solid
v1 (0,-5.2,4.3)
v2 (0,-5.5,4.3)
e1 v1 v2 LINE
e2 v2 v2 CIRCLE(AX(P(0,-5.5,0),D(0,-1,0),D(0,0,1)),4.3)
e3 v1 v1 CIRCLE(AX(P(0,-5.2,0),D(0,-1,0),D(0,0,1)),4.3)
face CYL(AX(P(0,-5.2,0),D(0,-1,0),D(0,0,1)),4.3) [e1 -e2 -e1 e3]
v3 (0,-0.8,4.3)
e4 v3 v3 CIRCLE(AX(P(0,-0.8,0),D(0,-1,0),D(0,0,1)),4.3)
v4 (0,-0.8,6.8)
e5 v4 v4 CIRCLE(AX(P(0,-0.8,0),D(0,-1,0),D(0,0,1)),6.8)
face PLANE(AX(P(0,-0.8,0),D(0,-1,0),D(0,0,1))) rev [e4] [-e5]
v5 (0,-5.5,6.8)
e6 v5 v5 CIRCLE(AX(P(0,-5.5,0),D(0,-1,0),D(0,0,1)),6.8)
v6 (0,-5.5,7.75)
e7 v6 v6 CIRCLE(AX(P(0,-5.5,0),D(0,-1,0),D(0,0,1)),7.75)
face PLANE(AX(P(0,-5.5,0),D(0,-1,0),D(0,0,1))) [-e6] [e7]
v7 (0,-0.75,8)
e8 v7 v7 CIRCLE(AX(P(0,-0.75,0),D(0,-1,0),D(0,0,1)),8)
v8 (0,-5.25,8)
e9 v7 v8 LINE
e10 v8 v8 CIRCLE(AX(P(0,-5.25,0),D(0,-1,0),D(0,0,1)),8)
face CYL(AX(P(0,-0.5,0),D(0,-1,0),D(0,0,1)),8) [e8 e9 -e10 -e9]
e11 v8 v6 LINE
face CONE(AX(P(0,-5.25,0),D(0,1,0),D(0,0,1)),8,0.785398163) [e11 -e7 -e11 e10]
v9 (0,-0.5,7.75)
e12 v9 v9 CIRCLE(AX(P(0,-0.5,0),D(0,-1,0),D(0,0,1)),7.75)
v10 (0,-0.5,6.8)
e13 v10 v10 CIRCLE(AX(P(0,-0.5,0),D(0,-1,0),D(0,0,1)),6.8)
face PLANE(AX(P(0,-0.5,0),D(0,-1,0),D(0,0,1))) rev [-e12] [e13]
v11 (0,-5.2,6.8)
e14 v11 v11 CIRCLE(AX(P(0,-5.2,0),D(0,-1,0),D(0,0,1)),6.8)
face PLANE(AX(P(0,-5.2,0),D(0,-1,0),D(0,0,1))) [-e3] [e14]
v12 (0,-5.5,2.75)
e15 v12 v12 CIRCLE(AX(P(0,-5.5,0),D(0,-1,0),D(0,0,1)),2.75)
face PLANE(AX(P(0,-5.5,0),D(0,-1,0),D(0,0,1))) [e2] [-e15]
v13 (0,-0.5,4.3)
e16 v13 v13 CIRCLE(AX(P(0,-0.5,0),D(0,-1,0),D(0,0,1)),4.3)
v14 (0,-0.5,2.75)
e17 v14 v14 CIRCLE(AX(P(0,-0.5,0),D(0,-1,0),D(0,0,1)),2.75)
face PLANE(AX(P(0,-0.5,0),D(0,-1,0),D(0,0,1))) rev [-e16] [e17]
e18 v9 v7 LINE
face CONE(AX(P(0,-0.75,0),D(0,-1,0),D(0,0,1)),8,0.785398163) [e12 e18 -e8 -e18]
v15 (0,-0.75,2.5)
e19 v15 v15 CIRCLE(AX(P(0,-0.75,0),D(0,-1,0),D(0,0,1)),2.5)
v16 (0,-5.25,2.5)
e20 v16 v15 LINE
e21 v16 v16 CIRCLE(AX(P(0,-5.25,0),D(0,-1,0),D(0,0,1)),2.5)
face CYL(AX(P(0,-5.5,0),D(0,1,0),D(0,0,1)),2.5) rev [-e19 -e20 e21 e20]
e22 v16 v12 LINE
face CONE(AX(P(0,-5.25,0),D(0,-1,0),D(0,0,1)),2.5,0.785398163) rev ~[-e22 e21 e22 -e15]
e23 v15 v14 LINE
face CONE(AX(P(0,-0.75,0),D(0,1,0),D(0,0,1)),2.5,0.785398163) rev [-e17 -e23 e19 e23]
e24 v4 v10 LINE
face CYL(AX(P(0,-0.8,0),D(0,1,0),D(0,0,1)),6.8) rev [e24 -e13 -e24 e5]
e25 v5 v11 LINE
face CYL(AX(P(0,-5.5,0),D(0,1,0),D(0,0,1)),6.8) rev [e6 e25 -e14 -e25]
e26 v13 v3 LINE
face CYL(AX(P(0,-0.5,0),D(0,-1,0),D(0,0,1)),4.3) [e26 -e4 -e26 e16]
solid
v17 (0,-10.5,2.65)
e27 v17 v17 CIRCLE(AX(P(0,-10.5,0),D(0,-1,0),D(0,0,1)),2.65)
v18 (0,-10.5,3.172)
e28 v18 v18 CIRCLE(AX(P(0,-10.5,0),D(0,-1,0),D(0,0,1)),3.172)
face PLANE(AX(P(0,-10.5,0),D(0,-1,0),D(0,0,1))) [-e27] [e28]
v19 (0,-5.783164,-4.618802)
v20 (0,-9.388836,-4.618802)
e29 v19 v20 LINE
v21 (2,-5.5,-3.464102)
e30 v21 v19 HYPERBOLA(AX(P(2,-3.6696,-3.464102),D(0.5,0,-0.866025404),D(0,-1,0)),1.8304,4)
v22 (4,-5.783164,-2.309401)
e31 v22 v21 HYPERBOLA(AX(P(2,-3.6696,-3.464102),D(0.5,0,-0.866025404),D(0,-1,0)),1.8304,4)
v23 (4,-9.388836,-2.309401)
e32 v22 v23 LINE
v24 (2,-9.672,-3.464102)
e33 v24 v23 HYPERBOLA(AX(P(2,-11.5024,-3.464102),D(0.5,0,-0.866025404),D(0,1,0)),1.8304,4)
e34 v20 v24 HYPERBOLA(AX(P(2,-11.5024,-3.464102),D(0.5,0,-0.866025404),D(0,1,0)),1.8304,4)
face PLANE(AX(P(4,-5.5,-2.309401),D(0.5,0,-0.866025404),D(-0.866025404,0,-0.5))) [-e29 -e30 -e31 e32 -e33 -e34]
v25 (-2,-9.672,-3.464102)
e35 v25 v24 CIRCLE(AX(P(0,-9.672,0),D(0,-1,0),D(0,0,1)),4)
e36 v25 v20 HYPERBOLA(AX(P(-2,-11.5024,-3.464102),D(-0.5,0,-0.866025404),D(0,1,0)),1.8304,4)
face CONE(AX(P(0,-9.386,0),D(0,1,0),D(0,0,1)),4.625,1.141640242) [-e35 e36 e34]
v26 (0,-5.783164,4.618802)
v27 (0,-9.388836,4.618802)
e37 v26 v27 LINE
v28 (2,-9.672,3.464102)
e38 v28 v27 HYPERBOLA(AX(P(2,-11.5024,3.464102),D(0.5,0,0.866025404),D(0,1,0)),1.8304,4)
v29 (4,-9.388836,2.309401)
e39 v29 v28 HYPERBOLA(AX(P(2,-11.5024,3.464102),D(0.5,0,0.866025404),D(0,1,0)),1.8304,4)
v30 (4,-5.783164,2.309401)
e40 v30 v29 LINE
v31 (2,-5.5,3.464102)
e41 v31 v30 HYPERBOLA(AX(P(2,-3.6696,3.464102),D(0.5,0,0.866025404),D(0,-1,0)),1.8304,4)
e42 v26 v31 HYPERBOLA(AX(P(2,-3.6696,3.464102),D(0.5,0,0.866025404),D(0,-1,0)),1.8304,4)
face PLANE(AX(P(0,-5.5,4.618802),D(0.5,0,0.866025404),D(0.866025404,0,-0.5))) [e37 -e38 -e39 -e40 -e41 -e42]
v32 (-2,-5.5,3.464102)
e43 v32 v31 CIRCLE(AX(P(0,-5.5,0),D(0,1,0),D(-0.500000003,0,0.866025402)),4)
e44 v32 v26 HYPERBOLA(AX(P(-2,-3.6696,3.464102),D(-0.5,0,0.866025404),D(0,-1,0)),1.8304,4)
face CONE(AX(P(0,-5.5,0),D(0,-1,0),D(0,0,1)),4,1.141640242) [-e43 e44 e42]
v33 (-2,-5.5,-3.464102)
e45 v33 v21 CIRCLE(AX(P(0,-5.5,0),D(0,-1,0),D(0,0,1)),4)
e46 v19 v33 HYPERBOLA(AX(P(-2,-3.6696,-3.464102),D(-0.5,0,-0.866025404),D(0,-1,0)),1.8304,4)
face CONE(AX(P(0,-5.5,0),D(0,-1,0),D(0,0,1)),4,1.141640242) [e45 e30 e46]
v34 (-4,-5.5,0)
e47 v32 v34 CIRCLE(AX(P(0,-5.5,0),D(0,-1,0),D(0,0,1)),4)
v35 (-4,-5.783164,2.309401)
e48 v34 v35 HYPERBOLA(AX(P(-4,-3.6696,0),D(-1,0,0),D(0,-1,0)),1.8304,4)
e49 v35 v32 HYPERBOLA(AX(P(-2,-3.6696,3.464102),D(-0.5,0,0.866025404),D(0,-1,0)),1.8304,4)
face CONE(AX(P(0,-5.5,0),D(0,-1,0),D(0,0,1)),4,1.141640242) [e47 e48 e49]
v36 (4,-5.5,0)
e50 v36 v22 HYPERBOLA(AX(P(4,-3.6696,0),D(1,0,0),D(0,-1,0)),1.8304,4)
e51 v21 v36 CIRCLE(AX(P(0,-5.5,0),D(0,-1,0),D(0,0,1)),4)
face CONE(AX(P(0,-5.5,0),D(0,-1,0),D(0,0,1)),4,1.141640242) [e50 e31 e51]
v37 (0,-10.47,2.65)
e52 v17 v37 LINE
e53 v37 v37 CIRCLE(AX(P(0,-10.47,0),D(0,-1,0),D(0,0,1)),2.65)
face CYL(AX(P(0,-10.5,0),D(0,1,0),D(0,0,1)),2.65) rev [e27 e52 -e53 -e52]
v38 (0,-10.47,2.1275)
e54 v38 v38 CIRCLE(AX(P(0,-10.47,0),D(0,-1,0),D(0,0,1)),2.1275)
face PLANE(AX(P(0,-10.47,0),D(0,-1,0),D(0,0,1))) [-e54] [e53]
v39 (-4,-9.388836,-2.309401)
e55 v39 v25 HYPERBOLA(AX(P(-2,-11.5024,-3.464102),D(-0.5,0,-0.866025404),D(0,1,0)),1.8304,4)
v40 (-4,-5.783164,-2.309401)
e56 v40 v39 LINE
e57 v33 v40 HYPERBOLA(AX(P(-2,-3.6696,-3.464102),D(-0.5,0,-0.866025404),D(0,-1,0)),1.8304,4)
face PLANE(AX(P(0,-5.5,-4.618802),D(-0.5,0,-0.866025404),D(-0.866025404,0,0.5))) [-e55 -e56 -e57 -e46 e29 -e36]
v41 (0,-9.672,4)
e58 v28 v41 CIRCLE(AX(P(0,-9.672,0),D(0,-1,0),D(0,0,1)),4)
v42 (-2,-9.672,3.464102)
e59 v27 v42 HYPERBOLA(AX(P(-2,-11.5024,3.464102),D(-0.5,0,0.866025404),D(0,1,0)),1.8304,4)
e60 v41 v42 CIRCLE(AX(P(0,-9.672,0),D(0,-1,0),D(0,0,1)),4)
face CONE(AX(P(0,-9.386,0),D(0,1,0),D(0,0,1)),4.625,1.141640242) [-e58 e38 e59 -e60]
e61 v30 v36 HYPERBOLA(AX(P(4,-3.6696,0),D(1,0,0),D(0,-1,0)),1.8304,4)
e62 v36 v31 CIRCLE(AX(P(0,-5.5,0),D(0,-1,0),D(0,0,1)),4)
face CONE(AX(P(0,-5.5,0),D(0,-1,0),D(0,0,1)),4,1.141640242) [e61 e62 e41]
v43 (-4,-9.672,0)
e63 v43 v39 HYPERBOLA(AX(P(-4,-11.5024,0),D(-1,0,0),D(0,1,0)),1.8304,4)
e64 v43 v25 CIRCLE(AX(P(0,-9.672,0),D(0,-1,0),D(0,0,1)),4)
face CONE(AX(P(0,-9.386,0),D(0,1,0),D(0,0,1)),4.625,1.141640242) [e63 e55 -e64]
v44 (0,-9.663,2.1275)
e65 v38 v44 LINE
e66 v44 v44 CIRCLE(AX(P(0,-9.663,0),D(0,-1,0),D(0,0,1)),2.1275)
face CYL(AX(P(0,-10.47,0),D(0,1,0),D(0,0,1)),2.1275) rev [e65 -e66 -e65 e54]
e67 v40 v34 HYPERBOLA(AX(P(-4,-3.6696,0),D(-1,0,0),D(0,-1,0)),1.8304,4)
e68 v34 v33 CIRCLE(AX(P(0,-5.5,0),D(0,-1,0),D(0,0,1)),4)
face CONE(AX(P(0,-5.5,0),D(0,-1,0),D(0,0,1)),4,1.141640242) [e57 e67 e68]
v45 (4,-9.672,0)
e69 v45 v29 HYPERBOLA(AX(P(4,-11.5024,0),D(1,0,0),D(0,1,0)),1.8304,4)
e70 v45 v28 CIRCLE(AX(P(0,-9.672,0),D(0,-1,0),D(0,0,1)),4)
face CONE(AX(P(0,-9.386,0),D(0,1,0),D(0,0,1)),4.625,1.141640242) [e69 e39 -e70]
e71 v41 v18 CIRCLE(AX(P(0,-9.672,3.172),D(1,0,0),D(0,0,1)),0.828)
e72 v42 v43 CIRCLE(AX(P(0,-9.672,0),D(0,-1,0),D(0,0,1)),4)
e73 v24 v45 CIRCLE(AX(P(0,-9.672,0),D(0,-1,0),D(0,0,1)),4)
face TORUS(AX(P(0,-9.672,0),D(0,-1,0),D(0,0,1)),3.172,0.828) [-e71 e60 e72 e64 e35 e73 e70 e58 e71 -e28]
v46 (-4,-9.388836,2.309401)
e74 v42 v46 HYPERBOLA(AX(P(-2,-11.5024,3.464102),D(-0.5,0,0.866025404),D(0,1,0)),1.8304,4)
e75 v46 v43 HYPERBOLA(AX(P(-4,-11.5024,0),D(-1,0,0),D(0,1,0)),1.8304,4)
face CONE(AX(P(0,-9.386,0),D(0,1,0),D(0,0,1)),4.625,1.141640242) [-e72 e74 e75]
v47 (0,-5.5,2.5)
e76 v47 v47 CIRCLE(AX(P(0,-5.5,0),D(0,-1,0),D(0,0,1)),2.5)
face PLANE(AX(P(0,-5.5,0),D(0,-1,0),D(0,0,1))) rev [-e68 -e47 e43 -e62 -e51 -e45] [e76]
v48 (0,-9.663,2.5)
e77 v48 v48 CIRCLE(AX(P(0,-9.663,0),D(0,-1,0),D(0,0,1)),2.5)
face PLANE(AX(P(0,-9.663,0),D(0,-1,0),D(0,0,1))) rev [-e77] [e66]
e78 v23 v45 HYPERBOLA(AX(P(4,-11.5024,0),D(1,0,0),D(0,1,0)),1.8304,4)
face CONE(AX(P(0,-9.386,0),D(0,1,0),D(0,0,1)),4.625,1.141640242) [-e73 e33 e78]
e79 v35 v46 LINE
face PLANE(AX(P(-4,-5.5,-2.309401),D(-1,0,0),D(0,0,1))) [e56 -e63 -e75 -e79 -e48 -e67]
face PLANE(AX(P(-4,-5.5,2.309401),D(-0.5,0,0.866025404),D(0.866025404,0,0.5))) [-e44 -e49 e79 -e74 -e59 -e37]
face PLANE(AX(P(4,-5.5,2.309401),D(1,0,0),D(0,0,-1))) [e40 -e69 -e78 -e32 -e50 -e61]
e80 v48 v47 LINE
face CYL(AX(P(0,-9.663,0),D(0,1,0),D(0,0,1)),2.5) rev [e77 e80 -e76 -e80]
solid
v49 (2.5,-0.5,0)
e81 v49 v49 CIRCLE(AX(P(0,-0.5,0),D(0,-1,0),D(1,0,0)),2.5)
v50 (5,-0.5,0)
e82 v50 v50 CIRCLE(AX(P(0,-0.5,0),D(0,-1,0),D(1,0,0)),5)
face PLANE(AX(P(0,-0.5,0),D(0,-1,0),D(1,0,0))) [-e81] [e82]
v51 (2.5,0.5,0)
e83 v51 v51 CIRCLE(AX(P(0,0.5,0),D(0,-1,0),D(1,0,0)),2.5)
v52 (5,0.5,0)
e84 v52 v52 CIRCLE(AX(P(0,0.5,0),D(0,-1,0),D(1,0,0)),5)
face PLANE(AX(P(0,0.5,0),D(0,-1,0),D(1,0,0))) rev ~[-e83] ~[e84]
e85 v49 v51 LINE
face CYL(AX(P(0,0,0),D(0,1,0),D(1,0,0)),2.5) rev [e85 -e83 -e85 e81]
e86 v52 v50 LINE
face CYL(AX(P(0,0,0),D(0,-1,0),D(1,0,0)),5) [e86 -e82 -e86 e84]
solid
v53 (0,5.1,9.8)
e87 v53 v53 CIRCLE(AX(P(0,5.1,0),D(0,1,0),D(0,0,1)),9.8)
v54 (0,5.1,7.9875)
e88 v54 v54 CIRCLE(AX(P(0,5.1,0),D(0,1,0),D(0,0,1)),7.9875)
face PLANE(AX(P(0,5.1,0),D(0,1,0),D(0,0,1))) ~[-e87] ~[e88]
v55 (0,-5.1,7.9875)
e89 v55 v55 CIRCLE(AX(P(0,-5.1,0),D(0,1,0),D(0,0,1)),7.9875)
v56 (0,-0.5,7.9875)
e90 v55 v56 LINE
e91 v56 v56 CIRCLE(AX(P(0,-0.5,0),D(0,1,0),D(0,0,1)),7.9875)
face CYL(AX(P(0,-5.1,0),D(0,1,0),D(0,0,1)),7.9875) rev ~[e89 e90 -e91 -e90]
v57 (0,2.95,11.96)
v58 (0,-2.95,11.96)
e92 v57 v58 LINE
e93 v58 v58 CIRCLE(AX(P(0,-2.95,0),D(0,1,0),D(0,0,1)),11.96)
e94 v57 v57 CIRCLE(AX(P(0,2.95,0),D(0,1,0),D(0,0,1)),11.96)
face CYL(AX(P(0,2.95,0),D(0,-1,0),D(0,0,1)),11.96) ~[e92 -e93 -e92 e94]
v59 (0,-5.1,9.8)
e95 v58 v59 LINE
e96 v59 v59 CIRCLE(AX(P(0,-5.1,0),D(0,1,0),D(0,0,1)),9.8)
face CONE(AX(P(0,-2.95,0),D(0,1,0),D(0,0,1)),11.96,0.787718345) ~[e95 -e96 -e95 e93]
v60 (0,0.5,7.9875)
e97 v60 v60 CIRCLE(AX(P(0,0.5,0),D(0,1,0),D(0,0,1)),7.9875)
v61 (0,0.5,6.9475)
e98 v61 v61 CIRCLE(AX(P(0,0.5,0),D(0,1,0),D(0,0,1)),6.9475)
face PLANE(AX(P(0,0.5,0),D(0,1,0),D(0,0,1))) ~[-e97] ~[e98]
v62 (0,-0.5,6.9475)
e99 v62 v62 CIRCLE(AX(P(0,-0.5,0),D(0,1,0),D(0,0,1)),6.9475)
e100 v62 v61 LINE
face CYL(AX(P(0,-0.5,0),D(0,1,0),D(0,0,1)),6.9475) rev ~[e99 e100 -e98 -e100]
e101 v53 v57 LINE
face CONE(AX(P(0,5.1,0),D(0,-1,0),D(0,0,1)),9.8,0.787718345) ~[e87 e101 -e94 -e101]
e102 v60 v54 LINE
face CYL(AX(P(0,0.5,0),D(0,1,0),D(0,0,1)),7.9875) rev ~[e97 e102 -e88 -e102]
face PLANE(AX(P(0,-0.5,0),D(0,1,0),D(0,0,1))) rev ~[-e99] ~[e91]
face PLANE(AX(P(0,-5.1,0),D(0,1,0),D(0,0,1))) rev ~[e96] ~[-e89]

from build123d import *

# Parameters (mm, degrees)
F2_R      = 5
F2_R_2    = 2.5
F3_DEPTH  = 0.5
F6_SIZE   = 0.25
F10_DEPTH = 5.001


with BuildPart() as f1:
    # F0 (on Right) → F1 (revolve)
    with BuildSketch(Plane.YZ):
        Polygon((-0.5, 6.9475), (0, 6.9475), (0.5, 6.9475), (0.5, 7.9875), (5.1, 7.9875), (5.1, 9.8), (2.95, 11.96), (0, 11.96), (-2.95, 11.96), (-5.1, 9.8), (-5.1, 7.9875), (-0.5, 7.9875), align=None)
    revolve(axis=Axis((0, 9.5064991185, 0), (0, 1, 0)))


with BuildPart() as f3:
    # F2 (on Front) → F3 (new body, symmetric)
    with BuildSketch(Plane.XZ):
        Circle(F2_R)
        Circle(F2_R_2, mode=Mode.SUBTRACT)
    extrude(amount=F3_DEPTH, both=True)


with BuildPart() as f5:
    # F4 (on Right) → F5 (revolve)
    with BuildSketch(Plane.YZ):
        Polygon((-5.5, 2.5), (-0.5, 2.5), (-0.5, 4.3), (-0.8, 4.3), (-0.8, 6.8), (-0.5, 6.8), (-0.5, 8), (-5.5, 8), (-5.5, 6.8), (-5.2, 6.8), (-5.2, 4.3), (-5.5, 4.3), align=None)
    revolve(axis=Axis((0, -2.75, 0), (0, -1, 0)))

    # F6
    f6_edges = [f5.edges().sort_by_distance(p)[0] for p in [
        (0, -5.5, -8),
        (0, -0.5, -8),
        (0, -5.5, -2.5),
        (0, -0.5, -2.5),
    ]]
    chamfer(f6_edges, length=F6_SIZE)


with BuildPart() as f8:
    # F7 (on Right) → F8 (revolve)
    with BuildSketch(Plane.YZ):
        with BuildLine():
            Line((-5.5, 2.5), (-5.5, 4))
            Line((-5.5, 4), (-5.786, 4.625))
            Line((-5.786, 4.625), (-7.586, 4.625))
            Line((-7.586, 4.625), (-9.386, 4.625))
            Line((-9.386, 4.625), (-9.672, 4))
            ThreePointArc((-9.672, 4), (-10.2574844148, 3.7574844148), (-10.5, 3.172))
            Line((-10.5, 3.172), (-10.5, 2.65))
            Line((-10.5, 2.65), (-10.47, 2.65))
            Line((-10.47, 2.65), (-10.47, 2.1275))
            Line((-10.47, 2.1275), (-9.663, 2.1275))
            Line((-9.663, 2.1275), (-9.663, 2.5))
            Line((-9.663, 2.5), (-5.5, 2.5))
        make_face()
    revolve(axis=Axis((0, -8, 0), (0, -1, 0)))

    # F9 (on face) → F10 (intersect, through all)
    with BuildSketch(Plane(origin=(0, -5.5, 0), x_dir=(-1, 0, 0), z_dir=(0, 1, 0))):
        Polygon((4, -2.3094010768), (4, 2.3094010768), (0, 4.6188021535), (-4, 2.3094010768), (-4, -2.3094010768), (0, -4.6188021535), align=None)
    extrude(amount=-F10_DEPTH, mode=Mode.INTERSECT)


solid = Compound([f1.part, f3.part, f5.part, f8.part])
